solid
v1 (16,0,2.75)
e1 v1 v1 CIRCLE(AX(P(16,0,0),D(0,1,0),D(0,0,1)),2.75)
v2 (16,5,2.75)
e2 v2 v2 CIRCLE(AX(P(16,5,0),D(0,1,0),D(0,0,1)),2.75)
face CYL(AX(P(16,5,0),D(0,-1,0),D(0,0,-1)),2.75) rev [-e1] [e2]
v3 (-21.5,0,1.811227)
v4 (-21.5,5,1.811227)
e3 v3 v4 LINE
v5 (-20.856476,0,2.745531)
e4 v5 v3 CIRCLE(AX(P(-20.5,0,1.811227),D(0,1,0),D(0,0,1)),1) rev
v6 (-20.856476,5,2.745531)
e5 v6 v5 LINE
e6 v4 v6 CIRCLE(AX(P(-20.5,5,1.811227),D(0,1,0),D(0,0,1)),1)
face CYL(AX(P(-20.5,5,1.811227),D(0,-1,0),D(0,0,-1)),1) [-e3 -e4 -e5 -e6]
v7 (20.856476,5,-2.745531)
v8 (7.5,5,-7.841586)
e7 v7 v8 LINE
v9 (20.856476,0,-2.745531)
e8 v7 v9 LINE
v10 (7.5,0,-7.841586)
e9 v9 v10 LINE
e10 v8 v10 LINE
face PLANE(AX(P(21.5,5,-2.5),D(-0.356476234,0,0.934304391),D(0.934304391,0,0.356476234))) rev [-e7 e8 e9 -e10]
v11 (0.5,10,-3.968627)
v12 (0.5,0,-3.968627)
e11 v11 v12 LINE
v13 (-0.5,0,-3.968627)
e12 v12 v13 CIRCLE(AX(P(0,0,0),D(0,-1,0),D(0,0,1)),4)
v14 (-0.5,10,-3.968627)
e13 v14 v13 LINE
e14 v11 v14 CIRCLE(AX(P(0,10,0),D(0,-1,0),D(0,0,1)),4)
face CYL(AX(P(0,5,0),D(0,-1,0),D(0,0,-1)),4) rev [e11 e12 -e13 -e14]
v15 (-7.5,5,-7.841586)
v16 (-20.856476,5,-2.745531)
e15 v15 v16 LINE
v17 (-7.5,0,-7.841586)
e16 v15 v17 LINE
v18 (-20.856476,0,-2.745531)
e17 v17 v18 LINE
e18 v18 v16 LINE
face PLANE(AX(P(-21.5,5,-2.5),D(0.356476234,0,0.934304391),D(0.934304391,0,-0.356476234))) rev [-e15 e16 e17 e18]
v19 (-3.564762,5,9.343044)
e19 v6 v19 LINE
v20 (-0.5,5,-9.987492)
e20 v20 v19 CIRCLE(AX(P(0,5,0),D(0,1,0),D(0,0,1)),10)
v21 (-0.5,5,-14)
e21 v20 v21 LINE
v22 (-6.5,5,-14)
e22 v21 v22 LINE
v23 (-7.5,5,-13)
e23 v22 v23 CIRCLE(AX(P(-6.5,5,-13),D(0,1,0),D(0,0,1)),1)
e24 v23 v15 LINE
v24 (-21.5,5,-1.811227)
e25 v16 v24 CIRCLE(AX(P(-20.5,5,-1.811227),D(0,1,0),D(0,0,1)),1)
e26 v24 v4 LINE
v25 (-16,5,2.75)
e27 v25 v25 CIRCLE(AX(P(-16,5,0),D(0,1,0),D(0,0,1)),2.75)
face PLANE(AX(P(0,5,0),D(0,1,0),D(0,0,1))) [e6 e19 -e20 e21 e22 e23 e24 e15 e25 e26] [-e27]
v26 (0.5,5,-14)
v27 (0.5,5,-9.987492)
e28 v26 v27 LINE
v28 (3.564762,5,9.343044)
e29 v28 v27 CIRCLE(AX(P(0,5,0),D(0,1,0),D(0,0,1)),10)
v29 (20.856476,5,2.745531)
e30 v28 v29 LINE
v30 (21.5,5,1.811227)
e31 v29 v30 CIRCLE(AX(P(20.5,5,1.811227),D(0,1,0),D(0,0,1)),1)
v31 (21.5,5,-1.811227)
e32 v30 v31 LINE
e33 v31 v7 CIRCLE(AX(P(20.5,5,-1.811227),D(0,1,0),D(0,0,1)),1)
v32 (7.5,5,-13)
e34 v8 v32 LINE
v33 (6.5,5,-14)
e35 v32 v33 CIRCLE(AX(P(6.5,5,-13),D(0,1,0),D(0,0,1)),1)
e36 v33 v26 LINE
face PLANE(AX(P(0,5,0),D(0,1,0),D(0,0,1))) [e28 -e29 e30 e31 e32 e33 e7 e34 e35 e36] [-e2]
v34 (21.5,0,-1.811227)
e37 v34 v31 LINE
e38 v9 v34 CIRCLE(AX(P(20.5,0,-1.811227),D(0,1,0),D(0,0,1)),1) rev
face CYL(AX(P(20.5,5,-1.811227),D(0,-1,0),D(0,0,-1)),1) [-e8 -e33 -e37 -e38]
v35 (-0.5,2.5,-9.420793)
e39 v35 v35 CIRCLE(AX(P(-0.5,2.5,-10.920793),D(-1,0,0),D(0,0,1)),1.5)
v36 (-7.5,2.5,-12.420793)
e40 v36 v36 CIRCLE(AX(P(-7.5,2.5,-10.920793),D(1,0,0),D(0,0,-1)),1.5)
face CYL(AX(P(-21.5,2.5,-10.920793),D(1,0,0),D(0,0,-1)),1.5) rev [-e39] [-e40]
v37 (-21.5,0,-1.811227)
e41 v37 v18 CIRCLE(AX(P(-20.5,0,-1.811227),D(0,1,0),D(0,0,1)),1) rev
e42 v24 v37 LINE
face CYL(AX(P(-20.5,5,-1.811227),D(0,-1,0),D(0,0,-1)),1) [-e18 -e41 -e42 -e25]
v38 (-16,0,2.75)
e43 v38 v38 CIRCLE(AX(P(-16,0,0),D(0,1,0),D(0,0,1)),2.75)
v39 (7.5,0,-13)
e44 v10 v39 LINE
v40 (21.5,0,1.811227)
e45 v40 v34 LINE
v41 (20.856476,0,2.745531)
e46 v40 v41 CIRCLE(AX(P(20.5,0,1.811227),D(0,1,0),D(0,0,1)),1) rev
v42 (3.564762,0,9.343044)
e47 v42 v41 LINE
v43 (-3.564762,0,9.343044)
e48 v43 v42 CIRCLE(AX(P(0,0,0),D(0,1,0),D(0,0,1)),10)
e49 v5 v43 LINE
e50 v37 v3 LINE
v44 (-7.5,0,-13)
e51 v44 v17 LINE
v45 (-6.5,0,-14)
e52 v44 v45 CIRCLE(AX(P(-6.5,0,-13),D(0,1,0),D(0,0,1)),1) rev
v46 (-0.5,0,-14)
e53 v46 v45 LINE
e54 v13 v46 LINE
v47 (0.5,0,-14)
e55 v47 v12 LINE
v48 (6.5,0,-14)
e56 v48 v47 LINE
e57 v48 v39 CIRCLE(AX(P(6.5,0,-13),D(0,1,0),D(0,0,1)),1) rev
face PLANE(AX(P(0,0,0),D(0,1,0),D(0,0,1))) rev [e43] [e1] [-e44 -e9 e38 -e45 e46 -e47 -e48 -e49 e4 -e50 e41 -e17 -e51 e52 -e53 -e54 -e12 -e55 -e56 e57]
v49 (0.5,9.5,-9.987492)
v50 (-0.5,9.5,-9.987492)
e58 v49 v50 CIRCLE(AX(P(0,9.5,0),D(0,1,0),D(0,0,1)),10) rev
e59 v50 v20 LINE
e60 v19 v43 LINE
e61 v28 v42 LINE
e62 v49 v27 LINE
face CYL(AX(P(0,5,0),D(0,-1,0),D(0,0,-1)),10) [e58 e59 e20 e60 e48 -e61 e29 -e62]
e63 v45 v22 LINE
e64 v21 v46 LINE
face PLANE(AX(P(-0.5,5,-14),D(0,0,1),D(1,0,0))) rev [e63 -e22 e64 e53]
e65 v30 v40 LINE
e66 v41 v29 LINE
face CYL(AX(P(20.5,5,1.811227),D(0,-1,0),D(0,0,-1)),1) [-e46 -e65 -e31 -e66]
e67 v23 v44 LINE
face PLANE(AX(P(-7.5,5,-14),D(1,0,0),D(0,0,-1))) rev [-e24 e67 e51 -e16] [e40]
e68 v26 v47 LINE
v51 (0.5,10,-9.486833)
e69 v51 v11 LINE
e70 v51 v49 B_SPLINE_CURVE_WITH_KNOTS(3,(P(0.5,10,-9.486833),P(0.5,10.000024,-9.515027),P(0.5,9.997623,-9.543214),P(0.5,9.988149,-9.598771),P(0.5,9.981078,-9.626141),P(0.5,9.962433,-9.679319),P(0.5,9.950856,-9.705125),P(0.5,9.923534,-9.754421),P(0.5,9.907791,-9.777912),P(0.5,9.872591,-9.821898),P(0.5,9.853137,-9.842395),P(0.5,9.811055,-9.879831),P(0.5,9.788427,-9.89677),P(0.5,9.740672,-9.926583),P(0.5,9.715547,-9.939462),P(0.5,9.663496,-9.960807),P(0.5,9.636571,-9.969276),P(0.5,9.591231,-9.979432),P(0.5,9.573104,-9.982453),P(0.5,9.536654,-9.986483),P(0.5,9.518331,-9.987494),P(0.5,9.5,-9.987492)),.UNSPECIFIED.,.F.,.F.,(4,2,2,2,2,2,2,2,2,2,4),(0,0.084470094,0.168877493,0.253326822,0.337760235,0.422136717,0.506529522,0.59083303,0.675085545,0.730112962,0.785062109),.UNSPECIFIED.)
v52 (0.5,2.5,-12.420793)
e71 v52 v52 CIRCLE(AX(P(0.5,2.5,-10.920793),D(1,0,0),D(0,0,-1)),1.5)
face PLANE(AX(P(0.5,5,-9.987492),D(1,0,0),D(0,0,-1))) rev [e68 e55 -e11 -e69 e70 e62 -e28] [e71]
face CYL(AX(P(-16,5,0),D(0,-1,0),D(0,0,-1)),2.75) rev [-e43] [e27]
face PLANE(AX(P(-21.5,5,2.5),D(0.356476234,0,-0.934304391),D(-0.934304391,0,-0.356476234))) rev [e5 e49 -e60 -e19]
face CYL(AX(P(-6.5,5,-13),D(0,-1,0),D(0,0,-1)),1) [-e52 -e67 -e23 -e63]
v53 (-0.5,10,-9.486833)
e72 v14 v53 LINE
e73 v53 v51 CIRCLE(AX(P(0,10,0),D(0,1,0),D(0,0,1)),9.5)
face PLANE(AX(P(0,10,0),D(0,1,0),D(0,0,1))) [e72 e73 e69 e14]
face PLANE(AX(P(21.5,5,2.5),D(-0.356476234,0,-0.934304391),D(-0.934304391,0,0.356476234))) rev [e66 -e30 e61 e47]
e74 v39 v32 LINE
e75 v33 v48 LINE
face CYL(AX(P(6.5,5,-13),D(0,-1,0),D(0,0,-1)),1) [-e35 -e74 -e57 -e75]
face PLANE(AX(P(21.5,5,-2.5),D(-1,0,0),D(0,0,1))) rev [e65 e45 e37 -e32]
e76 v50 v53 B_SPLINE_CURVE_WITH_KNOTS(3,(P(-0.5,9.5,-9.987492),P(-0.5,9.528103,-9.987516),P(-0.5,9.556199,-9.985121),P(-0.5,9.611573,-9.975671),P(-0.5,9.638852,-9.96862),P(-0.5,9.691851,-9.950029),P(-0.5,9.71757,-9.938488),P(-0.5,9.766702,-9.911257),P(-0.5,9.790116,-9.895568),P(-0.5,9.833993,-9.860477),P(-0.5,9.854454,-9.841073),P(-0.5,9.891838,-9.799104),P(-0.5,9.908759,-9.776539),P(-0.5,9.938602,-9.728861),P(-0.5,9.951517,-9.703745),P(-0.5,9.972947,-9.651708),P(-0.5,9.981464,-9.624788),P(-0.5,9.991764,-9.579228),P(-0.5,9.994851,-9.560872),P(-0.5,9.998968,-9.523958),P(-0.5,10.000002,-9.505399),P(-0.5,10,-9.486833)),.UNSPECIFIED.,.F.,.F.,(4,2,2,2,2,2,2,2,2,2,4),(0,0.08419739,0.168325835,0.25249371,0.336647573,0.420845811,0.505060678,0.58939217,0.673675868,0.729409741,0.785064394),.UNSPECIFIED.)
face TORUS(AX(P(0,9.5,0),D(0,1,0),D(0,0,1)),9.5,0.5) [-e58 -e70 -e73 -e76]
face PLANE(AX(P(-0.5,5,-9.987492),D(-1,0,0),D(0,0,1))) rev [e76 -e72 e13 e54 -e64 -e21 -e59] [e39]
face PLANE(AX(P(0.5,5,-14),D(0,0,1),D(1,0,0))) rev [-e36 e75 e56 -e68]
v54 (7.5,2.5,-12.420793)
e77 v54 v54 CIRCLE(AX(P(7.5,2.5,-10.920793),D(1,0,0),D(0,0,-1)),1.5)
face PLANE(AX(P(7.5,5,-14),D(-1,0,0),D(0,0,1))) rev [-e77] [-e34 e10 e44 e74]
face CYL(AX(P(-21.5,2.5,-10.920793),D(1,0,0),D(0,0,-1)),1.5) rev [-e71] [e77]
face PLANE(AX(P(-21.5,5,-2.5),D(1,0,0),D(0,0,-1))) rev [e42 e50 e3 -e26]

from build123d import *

# Parameters (mm, degrees)
SKETCH1_R           = 2.75
BOSS_EXTRUDE1_DEPTH = 5
BOSS_EXTRUDE2_DEPTH = 5
RADYUS2_R           = 0.5
RADYUS3_R           = 1
RADYUS4_R           = 1
SKETCH3_R           = 1.5
CUT_EXTRUDE1_DEPTH  = 34.719430671
RADYUS5_R           = 1


with BuildPart() as part:
    # Sketch1 → Boss-Extrude1 (new body)
    with BuildSketch(Plane(origin=(0, 0, 0), x_dir=(1, 0, 0), z_dir=(0, 1, 0))):
        with BuildLine():
            Line((-21.5, 2.5), (-21.5, -2.5))
            Line((-21.5, -2.5), (-3.564762336, -9.343043909))
            ThreePointArc((-3.564762336, -9.343043909), (0, -10), (3.564762336, -9.343043909))
            Line((3.564762336, -9.343043909), (21.5, -2.5))
            Line((21.5, -2.5), (21.5, 2.5))
            Line((21.5, 2.5), (7.5, 7.841586018))
            Line((7.5, 7.841586018), (7.5, 14))
            Line((7.5, 14), (0.5, 14))
            Line((0.5, 14), (0.5, 9.987492178))
            Line((0.5, 9.987492178), (0.5, 3.968626967))
            ThreePointArc((0.5, 3.968626967), (0, -4), (-0.5, 3.968626967))
            Line((-0.5, 3.968626967), (-0.5, 9.987492178))
            Line((-0.5, 9.987492178), (-0.5, 14))
            Line((-0.5, 14), (-7.5, 14))
            Line((-7.5, 14), (-7.5, 7.841586018))
            Line((-7.5, 7.841586018), (-21.5, 2.5))
        make_face()
        with Locations(Location((-16, 0, 0), (0, 0, 270))):
            Circle(SKETCH1_R, mode=Mode.SUBTRACT)
        with Locations(Location((16, 0, 0), (0, 0, 270))):
            Circle(SKETCH1_R, mode=Mode.SUBTRACT)
    extrude(amount=BOSS_EXTRUDE1_DEPTH)

    # Sketch2 → Boss-Extrude2 (add)
    with BuildSketch(Plane(origin=(0, 5, 0), x_dir=(1, 0, 0), z_dir=(0, 1, 0))):
        with BuildLine():
            Line((-0.5, 3.968626967), (-0.5, 9.987492178))
            ThreePointArc((-0.5, 9.987492178), (0, -10), (0.5, 9.987492178))
            Line((0.5, 9.987492178), (0.5, 3.968626967))
            ThreePointArc((0.5, 3.968626967), (0, -4), (-0.5, 3.968626967))
        make_face()
    extrude(amount=BOSS_EXTRUDE2_DEPTH)

    # Radyus2
    radyus2_edges = [part.edges().sort_by_distance(p)[0] for p in [
        (0, 10, 10),
    ]]
    fillet(radyus2_edges, radius=RADYUS2_R)

    # Radyus3
    radyus3_edges = [part.edges().sort_by_distance(p)[0] for p in [
        (21.5, 2.5, 2.5),
    ]]
    fillet(radyus3_edges, radius=RADYUS3_R)

    # Radyus4
    radyus4_edges = [part.edges().sort_by_distance(p)[0] for p in [
        (-21.5, 2.5, -2.5),
        (-21.5, 2.5, 2.5),
        (21.5, 2.5, -2.5),
    ]]
    fillet(radyus4_edges, radius=RADYUS4_R)

    # Sketch3 → Cut-Extrude1 (cut, through all)
    with BuildSketch(Plane(origin=(7.5, 0, 0), x_dir=(0, 0, -1), z_dir=(1, 0, 0))):
        with Locations((10.920793009, 2.5)):
            Circle(SKETCH3_R)
    extrude(amount=-CUT_EXTRUDE1_DEPTH, mode=Mode.SUBTRACT)

    # Radyus5
    radyus5_edges = [part.edges().sort_by_distance(p)[0] for p in [
        (7.5, 2.5, -14),
        (-7.5, 2.5, -14),
    ]]
    fillet(radyus5_edges, radius=RADYUS5_R)


solid = part.part
